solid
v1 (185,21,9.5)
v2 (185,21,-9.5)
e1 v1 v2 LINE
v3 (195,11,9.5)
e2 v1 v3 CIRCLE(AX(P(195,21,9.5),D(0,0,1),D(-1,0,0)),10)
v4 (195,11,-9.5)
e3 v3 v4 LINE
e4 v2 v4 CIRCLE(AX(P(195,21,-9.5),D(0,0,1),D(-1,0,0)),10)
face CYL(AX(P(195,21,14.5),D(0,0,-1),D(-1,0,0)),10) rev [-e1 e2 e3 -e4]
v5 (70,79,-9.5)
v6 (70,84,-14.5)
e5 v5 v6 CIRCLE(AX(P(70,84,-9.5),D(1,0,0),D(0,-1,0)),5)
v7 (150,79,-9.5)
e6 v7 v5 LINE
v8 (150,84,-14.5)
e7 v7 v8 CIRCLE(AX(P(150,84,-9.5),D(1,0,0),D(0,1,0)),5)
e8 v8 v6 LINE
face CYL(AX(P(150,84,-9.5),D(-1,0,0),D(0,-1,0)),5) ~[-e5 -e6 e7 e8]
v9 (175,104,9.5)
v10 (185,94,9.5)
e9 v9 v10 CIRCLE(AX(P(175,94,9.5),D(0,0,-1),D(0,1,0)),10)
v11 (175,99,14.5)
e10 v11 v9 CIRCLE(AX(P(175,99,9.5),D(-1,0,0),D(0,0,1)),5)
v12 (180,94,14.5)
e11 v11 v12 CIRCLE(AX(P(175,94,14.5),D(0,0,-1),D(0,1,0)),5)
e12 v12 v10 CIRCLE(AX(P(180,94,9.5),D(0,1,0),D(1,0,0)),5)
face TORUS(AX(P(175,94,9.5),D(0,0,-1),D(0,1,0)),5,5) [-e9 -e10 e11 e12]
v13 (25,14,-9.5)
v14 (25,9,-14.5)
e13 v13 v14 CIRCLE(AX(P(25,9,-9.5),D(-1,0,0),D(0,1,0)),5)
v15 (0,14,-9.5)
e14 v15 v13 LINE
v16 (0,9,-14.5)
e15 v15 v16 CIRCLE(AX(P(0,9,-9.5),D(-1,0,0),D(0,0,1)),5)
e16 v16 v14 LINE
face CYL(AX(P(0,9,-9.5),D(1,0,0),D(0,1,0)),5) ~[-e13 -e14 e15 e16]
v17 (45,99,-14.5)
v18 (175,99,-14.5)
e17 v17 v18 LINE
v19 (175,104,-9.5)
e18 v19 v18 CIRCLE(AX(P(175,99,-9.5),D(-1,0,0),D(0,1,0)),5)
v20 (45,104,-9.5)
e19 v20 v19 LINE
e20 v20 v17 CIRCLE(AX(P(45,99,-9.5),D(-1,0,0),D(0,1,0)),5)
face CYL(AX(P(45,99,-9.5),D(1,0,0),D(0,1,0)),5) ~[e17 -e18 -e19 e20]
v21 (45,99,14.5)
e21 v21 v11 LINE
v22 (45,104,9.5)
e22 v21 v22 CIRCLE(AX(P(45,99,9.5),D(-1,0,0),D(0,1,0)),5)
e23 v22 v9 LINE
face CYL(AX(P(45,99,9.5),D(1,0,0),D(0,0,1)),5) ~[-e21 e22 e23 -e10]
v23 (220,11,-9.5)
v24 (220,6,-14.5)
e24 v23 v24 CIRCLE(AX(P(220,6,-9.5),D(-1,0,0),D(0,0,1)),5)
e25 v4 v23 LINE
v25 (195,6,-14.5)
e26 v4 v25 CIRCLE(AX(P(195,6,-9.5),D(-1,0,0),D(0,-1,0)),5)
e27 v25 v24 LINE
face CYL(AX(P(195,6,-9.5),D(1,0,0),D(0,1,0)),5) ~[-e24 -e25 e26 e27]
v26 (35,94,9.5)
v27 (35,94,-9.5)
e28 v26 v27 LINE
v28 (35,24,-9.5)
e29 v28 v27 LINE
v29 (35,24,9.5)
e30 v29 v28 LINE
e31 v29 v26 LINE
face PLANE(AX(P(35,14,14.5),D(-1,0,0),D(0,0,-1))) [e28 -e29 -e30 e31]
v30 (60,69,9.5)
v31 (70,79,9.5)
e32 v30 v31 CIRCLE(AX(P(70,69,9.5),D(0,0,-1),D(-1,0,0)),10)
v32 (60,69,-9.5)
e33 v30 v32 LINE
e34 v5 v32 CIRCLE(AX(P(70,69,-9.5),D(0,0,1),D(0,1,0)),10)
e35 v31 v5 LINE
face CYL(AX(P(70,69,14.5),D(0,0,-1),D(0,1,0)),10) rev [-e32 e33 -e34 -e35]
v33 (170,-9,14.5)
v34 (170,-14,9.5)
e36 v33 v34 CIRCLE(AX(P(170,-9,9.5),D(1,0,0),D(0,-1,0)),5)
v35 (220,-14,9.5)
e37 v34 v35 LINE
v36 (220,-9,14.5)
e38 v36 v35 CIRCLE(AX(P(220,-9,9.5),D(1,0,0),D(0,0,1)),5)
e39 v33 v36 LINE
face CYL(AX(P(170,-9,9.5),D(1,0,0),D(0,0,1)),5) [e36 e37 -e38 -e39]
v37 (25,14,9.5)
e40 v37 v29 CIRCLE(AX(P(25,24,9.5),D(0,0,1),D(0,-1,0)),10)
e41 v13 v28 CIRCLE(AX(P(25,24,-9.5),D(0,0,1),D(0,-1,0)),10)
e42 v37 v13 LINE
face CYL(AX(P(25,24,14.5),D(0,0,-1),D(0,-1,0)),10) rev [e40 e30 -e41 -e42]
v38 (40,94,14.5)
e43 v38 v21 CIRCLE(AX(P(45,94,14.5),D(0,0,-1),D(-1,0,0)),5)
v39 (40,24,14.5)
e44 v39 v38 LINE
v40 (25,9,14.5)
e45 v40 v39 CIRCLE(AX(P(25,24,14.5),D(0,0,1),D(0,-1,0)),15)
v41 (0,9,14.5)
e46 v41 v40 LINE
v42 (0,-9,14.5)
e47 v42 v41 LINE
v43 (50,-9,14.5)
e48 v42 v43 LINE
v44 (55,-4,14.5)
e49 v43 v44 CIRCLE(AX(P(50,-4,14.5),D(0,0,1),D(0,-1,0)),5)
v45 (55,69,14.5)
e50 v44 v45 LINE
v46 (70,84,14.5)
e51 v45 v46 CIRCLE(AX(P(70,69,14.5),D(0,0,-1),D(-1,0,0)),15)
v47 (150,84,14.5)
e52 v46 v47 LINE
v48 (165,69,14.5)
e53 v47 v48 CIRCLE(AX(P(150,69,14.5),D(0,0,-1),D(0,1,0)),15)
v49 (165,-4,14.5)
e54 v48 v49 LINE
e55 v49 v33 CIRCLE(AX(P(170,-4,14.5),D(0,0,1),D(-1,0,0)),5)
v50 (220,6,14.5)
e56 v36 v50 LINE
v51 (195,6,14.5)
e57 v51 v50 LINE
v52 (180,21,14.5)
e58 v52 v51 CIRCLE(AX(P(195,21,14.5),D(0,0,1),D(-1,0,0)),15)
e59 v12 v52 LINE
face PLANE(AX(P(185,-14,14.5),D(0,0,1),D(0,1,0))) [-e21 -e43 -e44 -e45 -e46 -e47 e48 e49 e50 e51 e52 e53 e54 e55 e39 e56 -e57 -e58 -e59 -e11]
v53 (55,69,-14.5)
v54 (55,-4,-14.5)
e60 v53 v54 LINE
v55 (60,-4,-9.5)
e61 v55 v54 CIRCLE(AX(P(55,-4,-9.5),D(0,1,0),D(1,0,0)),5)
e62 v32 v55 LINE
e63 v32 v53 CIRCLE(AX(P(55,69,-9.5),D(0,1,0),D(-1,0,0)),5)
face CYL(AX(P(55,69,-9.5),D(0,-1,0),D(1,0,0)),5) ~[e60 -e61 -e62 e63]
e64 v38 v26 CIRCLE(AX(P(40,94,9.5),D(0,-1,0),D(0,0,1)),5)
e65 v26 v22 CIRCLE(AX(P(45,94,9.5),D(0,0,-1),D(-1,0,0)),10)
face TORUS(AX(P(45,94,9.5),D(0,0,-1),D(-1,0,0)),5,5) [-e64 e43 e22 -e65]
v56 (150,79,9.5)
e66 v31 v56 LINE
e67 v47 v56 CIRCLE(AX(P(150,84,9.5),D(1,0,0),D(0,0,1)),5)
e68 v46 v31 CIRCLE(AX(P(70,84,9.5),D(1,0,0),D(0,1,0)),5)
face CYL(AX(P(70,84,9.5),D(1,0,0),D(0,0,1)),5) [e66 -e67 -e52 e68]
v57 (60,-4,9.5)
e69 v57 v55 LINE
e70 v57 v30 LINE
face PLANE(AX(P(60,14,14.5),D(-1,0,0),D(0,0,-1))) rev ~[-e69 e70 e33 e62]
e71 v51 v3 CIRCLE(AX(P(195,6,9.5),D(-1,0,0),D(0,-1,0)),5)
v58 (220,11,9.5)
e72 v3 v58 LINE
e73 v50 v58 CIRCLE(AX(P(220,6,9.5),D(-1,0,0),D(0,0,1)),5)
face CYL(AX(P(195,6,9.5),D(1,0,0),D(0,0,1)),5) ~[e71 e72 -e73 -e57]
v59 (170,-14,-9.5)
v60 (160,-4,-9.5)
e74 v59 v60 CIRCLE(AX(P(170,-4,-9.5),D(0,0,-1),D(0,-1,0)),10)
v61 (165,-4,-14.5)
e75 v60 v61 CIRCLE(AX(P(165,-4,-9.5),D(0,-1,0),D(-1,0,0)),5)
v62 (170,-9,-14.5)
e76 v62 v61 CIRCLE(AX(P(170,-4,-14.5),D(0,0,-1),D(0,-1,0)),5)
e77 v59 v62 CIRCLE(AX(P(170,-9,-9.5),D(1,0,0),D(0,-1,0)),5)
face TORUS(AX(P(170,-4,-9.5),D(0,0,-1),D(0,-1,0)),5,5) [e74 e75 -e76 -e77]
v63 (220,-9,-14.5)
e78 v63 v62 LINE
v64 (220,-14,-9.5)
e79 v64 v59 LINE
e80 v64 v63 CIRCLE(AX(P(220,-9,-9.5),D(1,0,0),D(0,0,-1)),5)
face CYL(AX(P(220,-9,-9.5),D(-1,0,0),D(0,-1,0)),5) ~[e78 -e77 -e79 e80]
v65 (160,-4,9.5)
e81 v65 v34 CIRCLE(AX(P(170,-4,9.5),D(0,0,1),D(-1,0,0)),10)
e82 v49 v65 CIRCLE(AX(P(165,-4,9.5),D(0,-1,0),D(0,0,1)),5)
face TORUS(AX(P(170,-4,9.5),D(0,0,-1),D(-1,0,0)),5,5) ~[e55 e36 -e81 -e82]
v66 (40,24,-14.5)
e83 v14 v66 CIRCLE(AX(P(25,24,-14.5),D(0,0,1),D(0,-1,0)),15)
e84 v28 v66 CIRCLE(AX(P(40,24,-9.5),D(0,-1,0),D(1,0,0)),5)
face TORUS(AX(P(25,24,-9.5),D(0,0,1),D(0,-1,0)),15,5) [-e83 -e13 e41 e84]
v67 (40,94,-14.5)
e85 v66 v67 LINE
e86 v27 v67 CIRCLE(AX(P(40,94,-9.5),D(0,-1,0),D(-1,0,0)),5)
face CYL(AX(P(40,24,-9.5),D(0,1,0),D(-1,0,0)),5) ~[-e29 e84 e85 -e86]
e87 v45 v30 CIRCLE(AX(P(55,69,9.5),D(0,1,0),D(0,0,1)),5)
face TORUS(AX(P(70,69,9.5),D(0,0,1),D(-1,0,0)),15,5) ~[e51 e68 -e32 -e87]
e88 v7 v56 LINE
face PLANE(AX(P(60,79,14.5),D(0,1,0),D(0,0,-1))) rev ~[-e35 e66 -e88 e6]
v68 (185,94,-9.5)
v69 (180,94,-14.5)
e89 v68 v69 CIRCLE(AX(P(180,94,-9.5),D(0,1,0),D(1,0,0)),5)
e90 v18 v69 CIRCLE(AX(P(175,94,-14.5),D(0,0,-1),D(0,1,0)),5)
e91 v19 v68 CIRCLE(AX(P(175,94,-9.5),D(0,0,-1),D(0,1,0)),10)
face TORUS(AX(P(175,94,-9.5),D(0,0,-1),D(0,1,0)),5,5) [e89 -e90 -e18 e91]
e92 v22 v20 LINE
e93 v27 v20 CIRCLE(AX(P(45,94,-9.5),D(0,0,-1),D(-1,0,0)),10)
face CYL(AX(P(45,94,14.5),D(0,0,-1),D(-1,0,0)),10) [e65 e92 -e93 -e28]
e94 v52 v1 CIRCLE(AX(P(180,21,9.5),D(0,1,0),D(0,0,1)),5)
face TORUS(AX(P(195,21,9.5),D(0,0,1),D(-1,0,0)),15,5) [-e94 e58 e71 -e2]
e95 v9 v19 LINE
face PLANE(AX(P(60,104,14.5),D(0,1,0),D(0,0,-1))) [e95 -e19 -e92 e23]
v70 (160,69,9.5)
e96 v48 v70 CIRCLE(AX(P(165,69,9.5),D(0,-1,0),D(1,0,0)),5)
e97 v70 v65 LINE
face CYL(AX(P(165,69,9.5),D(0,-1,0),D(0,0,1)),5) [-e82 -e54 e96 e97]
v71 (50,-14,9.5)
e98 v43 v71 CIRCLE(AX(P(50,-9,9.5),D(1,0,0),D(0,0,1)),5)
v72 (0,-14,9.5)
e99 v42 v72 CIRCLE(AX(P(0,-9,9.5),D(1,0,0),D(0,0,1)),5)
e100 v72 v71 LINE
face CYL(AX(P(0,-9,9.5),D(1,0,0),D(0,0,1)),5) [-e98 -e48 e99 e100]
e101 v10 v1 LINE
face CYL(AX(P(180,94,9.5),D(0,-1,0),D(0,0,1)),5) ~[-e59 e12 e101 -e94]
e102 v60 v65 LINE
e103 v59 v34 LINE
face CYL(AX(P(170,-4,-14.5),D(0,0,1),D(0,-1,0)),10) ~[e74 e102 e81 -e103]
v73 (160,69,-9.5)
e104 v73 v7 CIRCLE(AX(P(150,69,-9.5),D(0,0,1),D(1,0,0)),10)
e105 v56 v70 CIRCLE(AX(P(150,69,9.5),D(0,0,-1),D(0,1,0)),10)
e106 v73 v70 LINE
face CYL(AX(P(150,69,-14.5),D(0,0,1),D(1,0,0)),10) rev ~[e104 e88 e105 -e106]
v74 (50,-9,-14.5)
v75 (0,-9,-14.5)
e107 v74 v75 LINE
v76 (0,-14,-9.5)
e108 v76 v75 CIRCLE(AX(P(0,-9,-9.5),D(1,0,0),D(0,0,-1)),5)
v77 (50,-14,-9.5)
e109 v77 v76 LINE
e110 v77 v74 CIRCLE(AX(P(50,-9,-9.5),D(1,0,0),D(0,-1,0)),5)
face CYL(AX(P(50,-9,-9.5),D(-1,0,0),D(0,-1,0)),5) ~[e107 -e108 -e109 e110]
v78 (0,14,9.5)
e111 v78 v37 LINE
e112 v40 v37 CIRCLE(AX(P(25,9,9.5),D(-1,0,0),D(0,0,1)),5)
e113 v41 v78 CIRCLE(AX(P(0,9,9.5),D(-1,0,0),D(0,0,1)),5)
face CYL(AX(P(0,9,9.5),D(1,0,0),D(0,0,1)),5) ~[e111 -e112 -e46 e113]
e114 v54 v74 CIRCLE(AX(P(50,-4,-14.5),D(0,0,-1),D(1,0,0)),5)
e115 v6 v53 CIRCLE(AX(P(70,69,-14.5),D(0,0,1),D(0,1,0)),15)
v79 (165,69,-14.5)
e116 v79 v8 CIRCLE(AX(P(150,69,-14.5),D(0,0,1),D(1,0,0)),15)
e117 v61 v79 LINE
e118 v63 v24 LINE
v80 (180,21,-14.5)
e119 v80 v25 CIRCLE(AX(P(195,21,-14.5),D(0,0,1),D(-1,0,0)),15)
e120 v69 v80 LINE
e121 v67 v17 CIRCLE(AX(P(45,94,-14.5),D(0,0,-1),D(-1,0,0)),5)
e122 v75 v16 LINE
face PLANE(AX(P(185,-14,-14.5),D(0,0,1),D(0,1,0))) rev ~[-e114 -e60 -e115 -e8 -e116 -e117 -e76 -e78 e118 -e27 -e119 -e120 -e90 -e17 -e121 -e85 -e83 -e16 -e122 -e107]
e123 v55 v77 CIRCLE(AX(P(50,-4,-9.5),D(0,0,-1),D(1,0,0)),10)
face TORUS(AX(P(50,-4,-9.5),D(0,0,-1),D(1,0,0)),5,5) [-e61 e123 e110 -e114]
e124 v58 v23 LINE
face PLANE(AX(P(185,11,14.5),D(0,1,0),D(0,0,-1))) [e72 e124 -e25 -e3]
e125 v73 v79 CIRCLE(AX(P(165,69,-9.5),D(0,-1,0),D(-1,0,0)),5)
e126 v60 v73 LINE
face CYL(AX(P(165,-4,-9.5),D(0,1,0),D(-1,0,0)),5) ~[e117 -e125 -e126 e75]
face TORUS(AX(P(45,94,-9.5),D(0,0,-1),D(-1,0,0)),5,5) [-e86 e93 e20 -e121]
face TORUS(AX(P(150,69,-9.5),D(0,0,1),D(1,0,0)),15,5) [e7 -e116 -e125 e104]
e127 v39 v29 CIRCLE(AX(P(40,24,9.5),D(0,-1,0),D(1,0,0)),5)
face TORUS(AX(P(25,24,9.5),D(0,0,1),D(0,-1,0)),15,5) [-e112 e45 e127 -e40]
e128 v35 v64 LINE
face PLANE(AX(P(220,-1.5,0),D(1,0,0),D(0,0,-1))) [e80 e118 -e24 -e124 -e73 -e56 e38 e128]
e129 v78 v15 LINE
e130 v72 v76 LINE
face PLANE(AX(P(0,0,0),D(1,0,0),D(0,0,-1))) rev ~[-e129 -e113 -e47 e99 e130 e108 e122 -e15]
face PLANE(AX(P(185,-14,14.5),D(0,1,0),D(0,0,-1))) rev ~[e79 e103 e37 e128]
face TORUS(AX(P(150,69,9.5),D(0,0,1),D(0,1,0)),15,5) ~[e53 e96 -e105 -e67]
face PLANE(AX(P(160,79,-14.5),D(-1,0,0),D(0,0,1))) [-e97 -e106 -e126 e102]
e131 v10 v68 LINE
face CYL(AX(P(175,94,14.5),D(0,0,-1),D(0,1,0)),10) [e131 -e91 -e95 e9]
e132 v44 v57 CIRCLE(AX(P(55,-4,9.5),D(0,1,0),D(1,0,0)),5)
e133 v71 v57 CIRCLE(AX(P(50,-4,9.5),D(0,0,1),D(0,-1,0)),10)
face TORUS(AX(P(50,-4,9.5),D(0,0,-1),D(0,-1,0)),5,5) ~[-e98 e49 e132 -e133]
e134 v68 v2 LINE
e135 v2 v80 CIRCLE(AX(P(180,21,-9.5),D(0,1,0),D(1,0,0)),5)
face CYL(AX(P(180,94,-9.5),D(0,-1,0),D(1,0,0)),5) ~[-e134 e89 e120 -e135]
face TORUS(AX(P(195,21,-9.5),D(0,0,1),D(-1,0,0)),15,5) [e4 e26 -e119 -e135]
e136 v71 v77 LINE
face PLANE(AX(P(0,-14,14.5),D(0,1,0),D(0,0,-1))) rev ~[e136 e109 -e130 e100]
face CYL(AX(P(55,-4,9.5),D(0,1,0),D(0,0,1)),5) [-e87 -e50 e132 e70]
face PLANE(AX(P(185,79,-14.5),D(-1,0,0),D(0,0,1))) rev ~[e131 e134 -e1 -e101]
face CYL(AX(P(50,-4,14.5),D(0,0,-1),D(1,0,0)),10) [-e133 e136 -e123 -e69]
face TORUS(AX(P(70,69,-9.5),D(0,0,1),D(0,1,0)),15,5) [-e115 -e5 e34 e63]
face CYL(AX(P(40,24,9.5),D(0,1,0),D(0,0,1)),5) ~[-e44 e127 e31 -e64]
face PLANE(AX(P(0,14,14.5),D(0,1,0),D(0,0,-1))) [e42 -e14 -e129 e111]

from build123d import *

# Parameters (mm, degrees)
SKETCH3_W           = 29
SKETCH3_H           = 28
BOSS_EXTRUDE2_DEPTH = 60
SKETCH4_W           = 25
SKETCH4_H           = 29
BOSS_EXTRUDE3_DEPTH = 90
SKETCH5_W           = 29
SKETCH5_H           = 25
BOSS_EXTRUDE4_DEPTH = 125
SKETCH7_W           = 25
SKETCH7_H           = 29
BOSS_EXTRUDE5_DEPTH = 93
SKETCH8_W           = 29
SKETCH8_H           = 25
BOSS_EXTRUDE6_DEPTH = 35
FILLET1_R           = 10
FILLET2_R           = 10
FILLET3_R           = 5


with BuildPart() as part:
    # Sketch3 → Boss-Extrude2 (new body)
    with BuildSketch(Plane(origin=(0, 0, 0), x_dir=(0, 0, -1), z_dir=(1, 0, 0))):
        Rectangle(SKETCH3_W, SKETCH3_H)
    extrude(amount=BOSS_EXTRUDE2_DEPTH)

    # Sketch4 → Boss-Extrude3 (add)
    with BuildSketch(Plane(origin=(0, 14, 0), x_dir=(1, 0, 0), z_dir=(0, 1, 0))):
        with Locations((47.5, 0)):
            Rectangle(SKETCH4_W, SKETCH4_H)
    extrude(amount=BOSS_EXTRUDE3_DEPTH)

    # Sketch5 → Boss-Extrude4 (add)
    with BuildSketch(Plane(origin=(60, 0, 0), x_dir=(0, 0, -1), z_dir=(1, 0, 0))):
        with Locations((0, 91.5)):
            Rectangle(SKETCH5_W, SKETCH5_H)
    extrude(amount=BOSS_EXTRUDE4_DEPTH)

    # Sketch7 → Boss-Extrude5 (add)
    with BuildSketch(Plane.XZ.offset(-79)):
        with Locations((172.5, 0)):
            Rectangle(SKETCH7_W, SKETCH7_H)
    extrude(amount=BOSS_EXTRUDE5_DEPTH)

    # Sketch8 → Boss-Extrude6 (add)
    with BuildSketch(Plane(origin=(185, 0, 0), x_dir=(0, 0, -1), z_dir=(1, 0, 0))):
        with Locations((0, -1.5)):
            Rectangle(SKETCH8_W, SKETCH8_H)
    extrude(amount=BOSS_EXTRUDE6_DEPTH)

    # Fillet1
    fillet1_edges = [part.edges().sort_by_distance(p)[0] for p in [
        (35, 14, 0),
        (35, 104, 0),
        (185, 104, 0),
        (160, 79, 0),
        (185, 11, 0),
    ]]
    fillet(fillet1_edges, radius=FILLET1_R)

    # Fillet2
    fillet2_edges = [part.edges().sort_by_distance(p)[0] for p in [
        (60, 79, 0),
        (160, -14, 0),
        (60, -14, 0),
    ]]
    fillet(fillet2_edges, radius=FILLET2_R)

    # Fillet3
    fillet3_edges = [part.edges().sort_by_distance(p)[0] for p in [
        (60, 32.5, 14.5),
        (60, 32.5, -14.5),
        (195, -14, -14.5),
        (160, 32.5, -14.5),
        (25, -14, -14.5),
        (162.928932188, -11.071067812, -14.5),
        (57.071067812, -11.071067812, -14.5),
        (25, -14, 14.5),
        (160, 32.5, 14.5),
        (162.928932188, -11.071067812, 14.5),
        (57.071067812, -11.071067812, 14.5),
        (62.928932188, 76.071067812, -14.5),
        (62.928932188, 76.071067812, 14.5),
        (195, -14, 14.5),
        (207.5, 11, -14.5),
        (207.5, 11, 14.5),
        (110, 79, 14.5),
        (110, 79, -14.5),
        (35, 59, 14.5),
        (35, 59, -14.5),
        (12.5, 14, -14.5),
        (12.5, 14, 14.5),
        (110, 104, 14.5),
        (110, 104, -14.5),
        (185, 57.5, 14.5),
        (182.071067812, 101.071067812, 14.5),
        (37.928932188, 101.071067812, 14.5),
        (185, 57.5, -14.5),
        (182.071067812, 101.071067812, -14.5),
        (37.928932188, 101.071067812, -14.5),
        (157.071067812, 76.071067812, -14.5),
        (157.071067812, 76.071067812, 14.5),
        (32.071067812, 16.928932188, 14.5),
        (32.071067812, 16.928932188, -14.5),
        (187.928932188, 13.928932188, 14.5),
        (187.928932188, 13.928932188, -14.5),
    ]]
    fillet(fillet3_edges, radius=FILLET3_R)


solid = part.part
